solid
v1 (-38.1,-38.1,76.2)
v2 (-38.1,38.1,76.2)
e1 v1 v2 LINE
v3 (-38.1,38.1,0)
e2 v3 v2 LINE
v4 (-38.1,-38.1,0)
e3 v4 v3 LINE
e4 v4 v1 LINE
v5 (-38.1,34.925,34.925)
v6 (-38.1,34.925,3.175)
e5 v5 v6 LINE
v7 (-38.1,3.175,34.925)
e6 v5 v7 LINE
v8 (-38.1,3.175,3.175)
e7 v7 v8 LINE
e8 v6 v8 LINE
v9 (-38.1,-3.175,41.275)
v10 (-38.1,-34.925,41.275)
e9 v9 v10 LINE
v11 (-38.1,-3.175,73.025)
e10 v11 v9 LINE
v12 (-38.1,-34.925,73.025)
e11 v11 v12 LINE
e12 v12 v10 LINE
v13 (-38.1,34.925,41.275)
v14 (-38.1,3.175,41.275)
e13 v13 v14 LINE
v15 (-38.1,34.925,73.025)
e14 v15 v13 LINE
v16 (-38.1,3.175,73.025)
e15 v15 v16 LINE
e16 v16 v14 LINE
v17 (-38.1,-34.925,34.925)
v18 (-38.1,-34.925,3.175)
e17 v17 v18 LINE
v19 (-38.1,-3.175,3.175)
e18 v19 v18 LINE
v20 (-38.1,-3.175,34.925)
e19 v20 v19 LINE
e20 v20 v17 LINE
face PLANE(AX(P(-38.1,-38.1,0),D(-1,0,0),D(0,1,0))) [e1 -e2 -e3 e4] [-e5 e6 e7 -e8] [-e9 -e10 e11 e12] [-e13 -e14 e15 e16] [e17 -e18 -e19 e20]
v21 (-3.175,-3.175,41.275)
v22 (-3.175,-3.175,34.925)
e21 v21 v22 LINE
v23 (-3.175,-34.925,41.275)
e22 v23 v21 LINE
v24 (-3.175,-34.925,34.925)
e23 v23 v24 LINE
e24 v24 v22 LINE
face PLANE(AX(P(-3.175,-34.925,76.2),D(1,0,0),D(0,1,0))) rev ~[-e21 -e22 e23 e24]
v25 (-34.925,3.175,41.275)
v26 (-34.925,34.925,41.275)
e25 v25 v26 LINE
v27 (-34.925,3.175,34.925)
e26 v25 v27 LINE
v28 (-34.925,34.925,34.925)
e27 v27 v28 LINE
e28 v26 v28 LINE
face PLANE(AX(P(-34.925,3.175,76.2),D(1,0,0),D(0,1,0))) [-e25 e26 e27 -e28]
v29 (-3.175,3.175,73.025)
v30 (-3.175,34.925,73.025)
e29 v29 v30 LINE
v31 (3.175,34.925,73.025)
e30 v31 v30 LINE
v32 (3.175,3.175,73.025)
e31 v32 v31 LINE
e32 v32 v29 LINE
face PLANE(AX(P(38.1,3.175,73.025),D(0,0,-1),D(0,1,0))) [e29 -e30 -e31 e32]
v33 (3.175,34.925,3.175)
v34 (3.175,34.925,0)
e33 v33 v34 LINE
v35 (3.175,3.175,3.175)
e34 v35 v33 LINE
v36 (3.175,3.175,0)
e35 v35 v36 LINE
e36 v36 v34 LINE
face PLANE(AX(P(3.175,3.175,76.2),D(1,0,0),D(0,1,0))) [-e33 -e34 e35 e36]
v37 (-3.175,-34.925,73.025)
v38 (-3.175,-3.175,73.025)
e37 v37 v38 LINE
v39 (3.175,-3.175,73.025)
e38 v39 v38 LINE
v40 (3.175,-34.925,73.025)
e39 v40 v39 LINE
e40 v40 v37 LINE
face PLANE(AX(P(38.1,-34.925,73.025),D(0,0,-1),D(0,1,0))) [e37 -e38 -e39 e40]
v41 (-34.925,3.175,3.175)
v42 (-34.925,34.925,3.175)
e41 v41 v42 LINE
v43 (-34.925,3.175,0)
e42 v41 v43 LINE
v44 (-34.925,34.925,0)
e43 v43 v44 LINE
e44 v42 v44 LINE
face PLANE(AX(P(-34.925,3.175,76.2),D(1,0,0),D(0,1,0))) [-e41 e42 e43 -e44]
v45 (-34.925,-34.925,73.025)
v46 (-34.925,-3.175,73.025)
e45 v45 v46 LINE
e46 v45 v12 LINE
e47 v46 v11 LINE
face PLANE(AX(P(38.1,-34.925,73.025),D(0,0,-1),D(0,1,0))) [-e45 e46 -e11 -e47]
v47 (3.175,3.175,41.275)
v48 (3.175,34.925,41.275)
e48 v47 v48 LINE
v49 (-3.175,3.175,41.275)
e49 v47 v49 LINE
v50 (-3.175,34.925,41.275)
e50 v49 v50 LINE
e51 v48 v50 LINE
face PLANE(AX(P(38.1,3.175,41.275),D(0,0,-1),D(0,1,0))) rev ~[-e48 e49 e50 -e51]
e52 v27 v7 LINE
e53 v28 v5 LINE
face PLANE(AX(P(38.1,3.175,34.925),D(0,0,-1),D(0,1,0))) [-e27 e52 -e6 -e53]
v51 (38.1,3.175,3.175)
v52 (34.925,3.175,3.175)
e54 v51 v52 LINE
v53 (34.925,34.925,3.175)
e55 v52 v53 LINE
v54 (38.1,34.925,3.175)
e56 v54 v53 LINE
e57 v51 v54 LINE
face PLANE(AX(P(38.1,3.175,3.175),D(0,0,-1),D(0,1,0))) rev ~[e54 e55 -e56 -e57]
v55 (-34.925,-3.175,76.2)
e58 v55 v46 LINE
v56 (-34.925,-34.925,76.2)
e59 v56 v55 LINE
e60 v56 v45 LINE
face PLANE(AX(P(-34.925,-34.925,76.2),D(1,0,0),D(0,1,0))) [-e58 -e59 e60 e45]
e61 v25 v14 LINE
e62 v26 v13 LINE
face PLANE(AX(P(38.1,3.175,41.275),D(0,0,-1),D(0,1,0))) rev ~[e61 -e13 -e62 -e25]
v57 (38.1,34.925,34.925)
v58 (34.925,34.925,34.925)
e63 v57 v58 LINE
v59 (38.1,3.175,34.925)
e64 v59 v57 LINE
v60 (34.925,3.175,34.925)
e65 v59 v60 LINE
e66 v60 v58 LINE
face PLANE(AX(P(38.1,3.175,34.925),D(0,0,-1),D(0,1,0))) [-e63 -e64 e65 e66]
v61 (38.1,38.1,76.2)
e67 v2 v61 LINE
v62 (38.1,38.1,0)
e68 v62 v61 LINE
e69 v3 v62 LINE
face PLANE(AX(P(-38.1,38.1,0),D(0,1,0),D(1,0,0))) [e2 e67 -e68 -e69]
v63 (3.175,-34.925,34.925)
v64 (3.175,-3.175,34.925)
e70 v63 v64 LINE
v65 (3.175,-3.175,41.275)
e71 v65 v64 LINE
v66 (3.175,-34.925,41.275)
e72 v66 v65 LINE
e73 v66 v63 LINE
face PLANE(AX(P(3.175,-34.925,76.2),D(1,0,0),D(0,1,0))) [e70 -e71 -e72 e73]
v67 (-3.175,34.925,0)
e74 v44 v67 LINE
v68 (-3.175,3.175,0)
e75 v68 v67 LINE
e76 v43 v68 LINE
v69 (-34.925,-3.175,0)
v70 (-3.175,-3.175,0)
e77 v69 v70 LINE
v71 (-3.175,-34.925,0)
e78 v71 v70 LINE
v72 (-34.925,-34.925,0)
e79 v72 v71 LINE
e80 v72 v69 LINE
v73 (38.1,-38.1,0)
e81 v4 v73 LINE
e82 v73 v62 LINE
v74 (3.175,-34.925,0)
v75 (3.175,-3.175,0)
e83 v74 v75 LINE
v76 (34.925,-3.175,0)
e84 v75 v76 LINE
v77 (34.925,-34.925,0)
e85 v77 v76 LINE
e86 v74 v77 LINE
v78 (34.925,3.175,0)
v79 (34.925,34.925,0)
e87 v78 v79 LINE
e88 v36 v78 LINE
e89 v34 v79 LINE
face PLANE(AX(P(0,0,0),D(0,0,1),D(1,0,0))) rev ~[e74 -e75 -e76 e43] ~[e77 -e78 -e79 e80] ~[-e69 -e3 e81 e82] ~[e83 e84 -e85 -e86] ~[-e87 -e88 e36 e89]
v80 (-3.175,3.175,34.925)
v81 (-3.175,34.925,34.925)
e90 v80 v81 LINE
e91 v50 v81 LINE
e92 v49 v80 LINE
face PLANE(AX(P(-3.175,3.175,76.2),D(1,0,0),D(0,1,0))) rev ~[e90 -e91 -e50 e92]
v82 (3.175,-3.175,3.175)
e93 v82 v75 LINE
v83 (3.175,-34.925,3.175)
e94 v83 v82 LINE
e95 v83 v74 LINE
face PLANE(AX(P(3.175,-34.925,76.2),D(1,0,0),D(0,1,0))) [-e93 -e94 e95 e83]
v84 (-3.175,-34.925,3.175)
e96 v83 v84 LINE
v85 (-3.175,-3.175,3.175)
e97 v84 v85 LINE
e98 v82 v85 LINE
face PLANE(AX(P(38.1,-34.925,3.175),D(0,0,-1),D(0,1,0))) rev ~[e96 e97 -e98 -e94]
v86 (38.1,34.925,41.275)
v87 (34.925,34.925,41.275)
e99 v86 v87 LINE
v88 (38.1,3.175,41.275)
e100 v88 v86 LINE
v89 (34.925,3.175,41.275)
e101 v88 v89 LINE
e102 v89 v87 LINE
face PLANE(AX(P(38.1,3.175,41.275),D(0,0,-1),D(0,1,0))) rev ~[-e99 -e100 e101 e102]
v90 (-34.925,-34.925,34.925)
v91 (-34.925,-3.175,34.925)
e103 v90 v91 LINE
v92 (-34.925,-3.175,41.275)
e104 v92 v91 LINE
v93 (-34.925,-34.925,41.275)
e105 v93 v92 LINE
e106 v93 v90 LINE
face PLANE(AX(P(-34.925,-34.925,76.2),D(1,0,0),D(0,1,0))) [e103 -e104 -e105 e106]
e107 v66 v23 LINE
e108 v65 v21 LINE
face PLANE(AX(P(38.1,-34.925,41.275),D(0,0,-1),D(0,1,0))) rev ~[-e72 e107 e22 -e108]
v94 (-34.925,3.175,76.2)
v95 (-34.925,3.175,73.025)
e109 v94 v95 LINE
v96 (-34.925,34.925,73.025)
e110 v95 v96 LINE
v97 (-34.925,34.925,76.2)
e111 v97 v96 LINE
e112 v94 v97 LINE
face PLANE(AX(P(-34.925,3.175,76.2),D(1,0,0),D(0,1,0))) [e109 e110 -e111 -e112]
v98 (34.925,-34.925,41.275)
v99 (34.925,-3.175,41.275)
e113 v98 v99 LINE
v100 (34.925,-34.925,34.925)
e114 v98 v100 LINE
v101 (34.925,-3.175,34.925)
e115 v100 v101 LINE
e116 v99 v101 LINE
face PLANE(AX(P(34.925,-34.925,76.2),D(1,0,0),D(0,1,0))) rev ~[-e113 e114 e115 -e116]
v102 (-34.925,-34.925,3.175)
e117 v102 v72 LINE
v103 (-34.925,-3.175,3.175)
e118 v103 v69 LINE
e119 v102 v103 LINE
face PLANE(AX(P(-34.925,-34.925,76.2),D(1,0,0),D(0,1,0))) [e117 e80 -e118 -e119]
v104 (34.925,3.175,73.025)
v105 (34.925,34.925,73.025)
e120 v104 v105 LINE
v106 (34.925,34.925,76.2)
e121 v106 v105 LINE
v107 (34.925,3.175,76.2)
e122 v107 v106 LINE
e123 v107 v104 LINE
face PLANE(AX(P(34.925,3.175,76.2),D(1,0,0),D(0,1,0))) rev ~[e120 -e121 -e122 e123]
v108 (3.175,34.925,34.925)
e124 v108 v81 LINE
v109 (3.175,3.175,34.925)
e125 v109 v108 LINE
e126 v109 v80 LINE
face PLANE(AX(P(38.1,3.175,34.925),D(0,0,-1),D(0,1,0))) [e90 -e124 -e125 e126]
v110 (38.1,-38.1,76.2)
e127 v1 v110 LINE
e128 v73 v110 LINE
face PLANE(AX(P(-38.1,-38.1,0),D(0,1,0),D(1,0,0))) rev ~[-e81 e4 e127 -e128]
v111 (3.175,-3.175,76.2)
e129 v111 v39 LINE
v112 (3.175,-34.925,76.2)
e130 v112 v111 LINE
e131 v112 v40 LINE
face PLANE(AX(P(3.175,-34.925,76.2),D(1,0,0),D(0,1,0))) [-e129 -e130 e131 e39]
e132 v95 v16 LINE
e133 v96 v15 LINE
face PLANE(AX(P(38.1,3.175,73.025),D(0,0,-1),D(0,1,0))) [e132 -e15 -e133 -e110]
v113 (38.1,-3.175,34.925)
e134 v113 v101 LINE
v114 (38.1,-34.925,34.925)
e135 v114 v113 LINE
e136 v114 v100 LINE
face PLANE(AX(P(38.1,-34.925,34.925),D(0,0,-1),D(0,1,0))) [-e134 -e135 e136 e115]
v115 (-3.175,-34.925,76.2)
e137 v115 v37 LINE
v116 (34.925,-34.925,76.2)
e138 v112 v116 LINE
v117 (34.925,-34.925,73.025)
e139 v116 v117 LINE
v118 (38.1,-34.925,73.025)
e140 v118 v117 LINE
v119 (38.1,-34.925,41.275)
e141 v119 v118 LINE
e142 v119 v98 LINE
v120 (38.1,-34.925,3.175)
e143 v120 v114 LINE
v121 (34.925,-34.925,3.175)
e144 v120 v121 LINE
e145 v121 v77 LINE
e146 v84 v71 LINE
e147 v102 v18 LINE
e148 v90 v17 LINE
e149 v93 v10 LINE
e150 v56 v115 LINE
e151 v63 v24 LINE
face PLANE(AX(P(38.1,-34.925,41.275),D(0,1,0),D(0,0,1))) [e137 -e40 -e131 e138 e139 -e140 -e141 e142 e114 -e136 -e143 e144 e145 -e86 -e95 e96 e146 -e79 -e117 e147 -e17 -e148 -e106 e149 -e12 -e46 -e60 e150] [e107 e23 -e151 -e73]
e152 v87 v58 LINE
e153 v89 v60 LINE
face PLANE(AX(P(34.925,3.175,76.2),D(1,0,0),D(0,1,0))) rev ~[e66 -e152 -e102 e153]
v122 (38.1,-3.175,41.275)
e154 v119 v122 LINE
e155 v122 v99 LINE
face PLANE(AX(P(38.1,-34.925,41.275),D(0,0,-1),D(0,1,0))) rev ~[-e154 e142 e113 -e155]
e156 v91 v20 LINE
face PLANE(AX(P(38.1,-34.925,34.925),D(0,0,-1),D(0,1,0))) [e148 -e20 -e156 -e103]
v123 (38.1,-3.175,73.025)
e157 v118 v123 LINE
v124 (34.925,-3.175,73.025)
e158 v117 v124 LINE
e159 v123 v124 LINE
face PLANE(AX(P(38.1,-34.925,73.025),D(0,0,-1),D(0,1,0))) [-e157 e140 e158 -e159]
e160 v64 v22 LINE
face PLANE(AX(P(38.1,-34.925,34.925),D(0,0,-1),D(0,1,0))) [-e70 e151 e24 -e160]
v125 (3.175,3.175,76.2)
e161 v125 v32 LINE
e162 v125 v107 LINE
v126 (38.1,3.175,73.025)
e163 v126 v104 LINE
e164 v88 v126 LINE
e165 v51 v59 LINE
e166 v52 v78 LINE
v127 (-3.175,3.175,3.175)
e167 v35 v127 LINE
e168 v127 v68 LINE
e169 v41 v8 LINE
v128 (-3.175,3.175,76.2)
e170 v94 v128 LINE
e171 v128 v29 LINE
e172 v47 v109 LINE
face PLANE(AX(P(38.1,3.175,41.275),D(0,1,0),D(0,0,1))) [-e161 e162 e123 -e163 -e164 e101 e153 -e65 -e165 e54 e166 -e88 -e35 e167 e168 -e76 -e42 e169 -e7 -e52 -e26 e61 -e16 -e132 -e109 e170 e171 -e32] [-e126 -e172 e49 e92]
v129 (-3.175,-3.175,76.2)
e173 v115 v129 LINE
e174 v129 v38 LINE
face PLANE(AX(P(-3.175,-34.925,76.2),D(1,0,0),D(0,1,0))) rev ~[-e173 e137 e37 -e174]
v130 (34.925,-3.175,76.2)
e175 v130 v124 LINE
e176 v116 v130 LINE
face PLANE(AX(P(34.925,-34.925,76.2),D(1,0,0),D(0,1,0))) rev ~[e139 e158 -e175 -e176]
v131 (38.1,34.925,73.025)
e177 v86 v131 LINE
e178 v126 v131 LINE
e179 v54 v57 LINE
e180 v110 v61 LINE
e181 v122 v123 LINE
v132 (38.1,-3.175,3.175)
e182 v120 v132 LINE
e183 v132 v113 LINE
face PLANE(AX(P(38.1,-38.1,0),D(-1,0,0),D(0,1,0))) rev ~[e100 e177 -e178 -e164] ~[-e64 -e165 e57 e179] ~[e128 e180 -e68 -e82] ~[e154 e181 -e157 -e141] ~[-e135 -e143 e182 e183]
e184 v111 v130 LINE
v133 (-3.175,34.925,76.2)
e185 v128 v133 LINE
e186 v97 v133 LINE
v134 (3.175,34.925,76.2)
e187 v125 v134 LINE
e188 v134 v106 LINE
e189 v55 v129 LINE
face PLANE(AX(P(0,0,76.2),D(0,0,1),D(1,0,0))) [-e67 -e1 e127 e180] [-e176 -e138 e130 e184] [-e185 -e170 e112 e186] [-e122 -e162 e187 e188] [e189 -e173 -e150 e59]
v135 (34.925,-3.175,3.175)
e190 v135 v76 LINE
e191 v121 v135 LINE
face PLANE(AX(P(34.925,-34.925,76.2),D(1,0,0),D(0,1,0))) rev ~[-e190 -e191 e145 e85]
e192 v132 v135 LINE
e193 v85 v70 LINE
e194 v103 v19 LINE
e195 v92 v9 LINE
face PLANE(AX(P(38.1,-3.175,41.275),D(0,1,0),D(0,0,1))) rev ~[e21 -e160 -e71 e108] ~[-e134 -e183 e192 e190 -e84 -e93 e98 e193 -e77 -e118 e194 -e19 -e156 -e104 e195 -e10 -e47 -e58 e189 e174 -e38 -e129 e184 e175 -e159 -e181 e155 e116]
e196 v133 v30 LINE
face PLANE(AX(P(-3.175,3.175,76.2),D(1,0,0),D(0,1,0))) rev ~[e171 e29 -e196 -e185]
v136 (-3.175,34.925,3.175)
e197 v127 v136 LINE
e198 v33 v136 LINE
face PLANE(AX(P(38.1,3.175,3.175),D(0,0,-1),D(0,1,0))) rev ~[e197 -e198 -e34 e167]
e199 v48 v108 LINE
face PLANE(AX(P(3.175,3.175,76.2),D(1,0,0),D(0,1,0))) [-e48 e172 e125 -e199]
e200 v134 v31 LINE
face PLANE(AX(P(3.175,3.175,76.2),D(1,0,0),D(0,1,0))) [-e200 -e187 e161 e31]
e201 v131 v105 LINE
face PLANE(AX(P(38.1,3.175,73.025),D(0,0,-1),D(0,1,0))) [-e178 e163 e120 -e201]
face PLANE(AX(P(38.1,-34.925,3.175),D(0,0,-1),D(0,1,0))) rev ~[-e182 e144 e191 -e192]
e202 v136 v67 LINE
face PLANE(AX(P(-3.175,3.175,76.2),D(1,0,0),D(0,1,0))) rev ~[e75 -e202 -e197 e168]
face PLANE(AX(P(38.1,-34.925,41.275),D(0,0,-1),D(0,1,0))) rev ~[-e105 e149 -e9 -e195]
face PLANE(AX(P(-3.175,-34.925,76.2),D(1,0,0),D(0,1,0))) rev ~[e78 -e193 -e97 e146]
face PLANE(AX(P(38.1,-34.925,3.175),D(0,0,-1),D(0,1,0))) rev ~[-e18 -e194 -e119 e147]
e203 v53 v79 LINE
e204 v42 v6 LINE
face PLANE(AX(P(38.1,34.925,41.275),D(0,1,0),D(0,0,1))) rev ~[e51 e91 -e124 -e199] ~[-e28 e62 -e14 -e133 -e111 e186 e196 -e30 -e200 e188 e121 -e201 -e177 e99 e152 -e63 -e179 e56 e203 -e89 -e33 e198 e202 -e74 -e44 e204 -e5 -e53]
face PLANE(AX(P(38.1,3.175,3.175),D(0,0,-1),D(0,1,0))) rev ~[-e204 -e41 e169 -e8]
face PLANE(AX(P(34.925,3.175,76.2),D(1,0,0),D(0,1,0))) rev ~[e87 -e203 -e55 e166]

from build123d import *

# Parameters (mm, degrees)
F0_W     = 76.2
F0_H     = 76.2
F1_DEPTH = 76.2
F2_W     = 31.75
F2_H     = 31.75
F3_DEPTH = 102.87
F4_DEPTH = 134.874
F5_DEPTH = 137.922
F6_DEPTH = 121.412
F7_W     = 31.75
F7_H     = 31.75
F8_DEPTH = 107.696


with BuildPart() as f1:
    # F0 (on Top) → F1 (new body)
    with BuildSketch(Plane.XY):
        Rectangle(F0_W, F0_H)
    extrude(amount=F1_DEPTH)

    # F2 (on face) → F3 (cut)
    with BuildSketch(Plane.XY.offset(76.2)):
        with Locations((-19.05, 19.05)):
            Rectangle(F2_W, F2_H)
    extrude(amount=-F3_DEPTH, mode=Mode.SUBTRACT)

    # F2 (on face) → F4 (cut)
    with BuildSketch(Plane.XY.offset(76.2)):
        with Locations((19.05, 19.05)):
            Rectangle(F2_W, F2_H)
    extrude(amount=-F4_DEPTH, mode=Mode.SUBTRACT)

    # F2 (on face) → F5 (cut)
    with BuildSketch(Plane.XY.offset(76.2)):
        with Locations((-19.05, -19.05)):
            Rectangle(F2_W, F2_H)
    extrude(amount=-F5_DEPTH, mode=Mode.SUBTRACT)

    # F2 (on face) → F6 (cut)
    with BuildSketch(Plane.XY.offset(76.2)):
        with Locations((19.05, -19.05)):
            Rectangle(F2_W, F2_H)
    extrude(amount=-F6_DEPTH, mode=Mode.SUBTRACT)

    # F7 (on face) → F8 (cut)
    with BuildSketch(Plane.YZ.offset(38.1)):
        with Locations((-19.05, 57.15)):
            Rectangle(F7_W, F7_H)
        with Locations((19.05, 57.15)):
            Rectangle(F7_W, F7_H)
        with Locations((-19.05, 19.05)):
            Rectangle(F7_W, F7_H)
        with Locations((19.05, 19.05)):
            Rectangle(F7_W, F7_H)
    extrude(amount=-F8_DEPTH, mode=Mode.SUBTRACT)


solid = f1.part
